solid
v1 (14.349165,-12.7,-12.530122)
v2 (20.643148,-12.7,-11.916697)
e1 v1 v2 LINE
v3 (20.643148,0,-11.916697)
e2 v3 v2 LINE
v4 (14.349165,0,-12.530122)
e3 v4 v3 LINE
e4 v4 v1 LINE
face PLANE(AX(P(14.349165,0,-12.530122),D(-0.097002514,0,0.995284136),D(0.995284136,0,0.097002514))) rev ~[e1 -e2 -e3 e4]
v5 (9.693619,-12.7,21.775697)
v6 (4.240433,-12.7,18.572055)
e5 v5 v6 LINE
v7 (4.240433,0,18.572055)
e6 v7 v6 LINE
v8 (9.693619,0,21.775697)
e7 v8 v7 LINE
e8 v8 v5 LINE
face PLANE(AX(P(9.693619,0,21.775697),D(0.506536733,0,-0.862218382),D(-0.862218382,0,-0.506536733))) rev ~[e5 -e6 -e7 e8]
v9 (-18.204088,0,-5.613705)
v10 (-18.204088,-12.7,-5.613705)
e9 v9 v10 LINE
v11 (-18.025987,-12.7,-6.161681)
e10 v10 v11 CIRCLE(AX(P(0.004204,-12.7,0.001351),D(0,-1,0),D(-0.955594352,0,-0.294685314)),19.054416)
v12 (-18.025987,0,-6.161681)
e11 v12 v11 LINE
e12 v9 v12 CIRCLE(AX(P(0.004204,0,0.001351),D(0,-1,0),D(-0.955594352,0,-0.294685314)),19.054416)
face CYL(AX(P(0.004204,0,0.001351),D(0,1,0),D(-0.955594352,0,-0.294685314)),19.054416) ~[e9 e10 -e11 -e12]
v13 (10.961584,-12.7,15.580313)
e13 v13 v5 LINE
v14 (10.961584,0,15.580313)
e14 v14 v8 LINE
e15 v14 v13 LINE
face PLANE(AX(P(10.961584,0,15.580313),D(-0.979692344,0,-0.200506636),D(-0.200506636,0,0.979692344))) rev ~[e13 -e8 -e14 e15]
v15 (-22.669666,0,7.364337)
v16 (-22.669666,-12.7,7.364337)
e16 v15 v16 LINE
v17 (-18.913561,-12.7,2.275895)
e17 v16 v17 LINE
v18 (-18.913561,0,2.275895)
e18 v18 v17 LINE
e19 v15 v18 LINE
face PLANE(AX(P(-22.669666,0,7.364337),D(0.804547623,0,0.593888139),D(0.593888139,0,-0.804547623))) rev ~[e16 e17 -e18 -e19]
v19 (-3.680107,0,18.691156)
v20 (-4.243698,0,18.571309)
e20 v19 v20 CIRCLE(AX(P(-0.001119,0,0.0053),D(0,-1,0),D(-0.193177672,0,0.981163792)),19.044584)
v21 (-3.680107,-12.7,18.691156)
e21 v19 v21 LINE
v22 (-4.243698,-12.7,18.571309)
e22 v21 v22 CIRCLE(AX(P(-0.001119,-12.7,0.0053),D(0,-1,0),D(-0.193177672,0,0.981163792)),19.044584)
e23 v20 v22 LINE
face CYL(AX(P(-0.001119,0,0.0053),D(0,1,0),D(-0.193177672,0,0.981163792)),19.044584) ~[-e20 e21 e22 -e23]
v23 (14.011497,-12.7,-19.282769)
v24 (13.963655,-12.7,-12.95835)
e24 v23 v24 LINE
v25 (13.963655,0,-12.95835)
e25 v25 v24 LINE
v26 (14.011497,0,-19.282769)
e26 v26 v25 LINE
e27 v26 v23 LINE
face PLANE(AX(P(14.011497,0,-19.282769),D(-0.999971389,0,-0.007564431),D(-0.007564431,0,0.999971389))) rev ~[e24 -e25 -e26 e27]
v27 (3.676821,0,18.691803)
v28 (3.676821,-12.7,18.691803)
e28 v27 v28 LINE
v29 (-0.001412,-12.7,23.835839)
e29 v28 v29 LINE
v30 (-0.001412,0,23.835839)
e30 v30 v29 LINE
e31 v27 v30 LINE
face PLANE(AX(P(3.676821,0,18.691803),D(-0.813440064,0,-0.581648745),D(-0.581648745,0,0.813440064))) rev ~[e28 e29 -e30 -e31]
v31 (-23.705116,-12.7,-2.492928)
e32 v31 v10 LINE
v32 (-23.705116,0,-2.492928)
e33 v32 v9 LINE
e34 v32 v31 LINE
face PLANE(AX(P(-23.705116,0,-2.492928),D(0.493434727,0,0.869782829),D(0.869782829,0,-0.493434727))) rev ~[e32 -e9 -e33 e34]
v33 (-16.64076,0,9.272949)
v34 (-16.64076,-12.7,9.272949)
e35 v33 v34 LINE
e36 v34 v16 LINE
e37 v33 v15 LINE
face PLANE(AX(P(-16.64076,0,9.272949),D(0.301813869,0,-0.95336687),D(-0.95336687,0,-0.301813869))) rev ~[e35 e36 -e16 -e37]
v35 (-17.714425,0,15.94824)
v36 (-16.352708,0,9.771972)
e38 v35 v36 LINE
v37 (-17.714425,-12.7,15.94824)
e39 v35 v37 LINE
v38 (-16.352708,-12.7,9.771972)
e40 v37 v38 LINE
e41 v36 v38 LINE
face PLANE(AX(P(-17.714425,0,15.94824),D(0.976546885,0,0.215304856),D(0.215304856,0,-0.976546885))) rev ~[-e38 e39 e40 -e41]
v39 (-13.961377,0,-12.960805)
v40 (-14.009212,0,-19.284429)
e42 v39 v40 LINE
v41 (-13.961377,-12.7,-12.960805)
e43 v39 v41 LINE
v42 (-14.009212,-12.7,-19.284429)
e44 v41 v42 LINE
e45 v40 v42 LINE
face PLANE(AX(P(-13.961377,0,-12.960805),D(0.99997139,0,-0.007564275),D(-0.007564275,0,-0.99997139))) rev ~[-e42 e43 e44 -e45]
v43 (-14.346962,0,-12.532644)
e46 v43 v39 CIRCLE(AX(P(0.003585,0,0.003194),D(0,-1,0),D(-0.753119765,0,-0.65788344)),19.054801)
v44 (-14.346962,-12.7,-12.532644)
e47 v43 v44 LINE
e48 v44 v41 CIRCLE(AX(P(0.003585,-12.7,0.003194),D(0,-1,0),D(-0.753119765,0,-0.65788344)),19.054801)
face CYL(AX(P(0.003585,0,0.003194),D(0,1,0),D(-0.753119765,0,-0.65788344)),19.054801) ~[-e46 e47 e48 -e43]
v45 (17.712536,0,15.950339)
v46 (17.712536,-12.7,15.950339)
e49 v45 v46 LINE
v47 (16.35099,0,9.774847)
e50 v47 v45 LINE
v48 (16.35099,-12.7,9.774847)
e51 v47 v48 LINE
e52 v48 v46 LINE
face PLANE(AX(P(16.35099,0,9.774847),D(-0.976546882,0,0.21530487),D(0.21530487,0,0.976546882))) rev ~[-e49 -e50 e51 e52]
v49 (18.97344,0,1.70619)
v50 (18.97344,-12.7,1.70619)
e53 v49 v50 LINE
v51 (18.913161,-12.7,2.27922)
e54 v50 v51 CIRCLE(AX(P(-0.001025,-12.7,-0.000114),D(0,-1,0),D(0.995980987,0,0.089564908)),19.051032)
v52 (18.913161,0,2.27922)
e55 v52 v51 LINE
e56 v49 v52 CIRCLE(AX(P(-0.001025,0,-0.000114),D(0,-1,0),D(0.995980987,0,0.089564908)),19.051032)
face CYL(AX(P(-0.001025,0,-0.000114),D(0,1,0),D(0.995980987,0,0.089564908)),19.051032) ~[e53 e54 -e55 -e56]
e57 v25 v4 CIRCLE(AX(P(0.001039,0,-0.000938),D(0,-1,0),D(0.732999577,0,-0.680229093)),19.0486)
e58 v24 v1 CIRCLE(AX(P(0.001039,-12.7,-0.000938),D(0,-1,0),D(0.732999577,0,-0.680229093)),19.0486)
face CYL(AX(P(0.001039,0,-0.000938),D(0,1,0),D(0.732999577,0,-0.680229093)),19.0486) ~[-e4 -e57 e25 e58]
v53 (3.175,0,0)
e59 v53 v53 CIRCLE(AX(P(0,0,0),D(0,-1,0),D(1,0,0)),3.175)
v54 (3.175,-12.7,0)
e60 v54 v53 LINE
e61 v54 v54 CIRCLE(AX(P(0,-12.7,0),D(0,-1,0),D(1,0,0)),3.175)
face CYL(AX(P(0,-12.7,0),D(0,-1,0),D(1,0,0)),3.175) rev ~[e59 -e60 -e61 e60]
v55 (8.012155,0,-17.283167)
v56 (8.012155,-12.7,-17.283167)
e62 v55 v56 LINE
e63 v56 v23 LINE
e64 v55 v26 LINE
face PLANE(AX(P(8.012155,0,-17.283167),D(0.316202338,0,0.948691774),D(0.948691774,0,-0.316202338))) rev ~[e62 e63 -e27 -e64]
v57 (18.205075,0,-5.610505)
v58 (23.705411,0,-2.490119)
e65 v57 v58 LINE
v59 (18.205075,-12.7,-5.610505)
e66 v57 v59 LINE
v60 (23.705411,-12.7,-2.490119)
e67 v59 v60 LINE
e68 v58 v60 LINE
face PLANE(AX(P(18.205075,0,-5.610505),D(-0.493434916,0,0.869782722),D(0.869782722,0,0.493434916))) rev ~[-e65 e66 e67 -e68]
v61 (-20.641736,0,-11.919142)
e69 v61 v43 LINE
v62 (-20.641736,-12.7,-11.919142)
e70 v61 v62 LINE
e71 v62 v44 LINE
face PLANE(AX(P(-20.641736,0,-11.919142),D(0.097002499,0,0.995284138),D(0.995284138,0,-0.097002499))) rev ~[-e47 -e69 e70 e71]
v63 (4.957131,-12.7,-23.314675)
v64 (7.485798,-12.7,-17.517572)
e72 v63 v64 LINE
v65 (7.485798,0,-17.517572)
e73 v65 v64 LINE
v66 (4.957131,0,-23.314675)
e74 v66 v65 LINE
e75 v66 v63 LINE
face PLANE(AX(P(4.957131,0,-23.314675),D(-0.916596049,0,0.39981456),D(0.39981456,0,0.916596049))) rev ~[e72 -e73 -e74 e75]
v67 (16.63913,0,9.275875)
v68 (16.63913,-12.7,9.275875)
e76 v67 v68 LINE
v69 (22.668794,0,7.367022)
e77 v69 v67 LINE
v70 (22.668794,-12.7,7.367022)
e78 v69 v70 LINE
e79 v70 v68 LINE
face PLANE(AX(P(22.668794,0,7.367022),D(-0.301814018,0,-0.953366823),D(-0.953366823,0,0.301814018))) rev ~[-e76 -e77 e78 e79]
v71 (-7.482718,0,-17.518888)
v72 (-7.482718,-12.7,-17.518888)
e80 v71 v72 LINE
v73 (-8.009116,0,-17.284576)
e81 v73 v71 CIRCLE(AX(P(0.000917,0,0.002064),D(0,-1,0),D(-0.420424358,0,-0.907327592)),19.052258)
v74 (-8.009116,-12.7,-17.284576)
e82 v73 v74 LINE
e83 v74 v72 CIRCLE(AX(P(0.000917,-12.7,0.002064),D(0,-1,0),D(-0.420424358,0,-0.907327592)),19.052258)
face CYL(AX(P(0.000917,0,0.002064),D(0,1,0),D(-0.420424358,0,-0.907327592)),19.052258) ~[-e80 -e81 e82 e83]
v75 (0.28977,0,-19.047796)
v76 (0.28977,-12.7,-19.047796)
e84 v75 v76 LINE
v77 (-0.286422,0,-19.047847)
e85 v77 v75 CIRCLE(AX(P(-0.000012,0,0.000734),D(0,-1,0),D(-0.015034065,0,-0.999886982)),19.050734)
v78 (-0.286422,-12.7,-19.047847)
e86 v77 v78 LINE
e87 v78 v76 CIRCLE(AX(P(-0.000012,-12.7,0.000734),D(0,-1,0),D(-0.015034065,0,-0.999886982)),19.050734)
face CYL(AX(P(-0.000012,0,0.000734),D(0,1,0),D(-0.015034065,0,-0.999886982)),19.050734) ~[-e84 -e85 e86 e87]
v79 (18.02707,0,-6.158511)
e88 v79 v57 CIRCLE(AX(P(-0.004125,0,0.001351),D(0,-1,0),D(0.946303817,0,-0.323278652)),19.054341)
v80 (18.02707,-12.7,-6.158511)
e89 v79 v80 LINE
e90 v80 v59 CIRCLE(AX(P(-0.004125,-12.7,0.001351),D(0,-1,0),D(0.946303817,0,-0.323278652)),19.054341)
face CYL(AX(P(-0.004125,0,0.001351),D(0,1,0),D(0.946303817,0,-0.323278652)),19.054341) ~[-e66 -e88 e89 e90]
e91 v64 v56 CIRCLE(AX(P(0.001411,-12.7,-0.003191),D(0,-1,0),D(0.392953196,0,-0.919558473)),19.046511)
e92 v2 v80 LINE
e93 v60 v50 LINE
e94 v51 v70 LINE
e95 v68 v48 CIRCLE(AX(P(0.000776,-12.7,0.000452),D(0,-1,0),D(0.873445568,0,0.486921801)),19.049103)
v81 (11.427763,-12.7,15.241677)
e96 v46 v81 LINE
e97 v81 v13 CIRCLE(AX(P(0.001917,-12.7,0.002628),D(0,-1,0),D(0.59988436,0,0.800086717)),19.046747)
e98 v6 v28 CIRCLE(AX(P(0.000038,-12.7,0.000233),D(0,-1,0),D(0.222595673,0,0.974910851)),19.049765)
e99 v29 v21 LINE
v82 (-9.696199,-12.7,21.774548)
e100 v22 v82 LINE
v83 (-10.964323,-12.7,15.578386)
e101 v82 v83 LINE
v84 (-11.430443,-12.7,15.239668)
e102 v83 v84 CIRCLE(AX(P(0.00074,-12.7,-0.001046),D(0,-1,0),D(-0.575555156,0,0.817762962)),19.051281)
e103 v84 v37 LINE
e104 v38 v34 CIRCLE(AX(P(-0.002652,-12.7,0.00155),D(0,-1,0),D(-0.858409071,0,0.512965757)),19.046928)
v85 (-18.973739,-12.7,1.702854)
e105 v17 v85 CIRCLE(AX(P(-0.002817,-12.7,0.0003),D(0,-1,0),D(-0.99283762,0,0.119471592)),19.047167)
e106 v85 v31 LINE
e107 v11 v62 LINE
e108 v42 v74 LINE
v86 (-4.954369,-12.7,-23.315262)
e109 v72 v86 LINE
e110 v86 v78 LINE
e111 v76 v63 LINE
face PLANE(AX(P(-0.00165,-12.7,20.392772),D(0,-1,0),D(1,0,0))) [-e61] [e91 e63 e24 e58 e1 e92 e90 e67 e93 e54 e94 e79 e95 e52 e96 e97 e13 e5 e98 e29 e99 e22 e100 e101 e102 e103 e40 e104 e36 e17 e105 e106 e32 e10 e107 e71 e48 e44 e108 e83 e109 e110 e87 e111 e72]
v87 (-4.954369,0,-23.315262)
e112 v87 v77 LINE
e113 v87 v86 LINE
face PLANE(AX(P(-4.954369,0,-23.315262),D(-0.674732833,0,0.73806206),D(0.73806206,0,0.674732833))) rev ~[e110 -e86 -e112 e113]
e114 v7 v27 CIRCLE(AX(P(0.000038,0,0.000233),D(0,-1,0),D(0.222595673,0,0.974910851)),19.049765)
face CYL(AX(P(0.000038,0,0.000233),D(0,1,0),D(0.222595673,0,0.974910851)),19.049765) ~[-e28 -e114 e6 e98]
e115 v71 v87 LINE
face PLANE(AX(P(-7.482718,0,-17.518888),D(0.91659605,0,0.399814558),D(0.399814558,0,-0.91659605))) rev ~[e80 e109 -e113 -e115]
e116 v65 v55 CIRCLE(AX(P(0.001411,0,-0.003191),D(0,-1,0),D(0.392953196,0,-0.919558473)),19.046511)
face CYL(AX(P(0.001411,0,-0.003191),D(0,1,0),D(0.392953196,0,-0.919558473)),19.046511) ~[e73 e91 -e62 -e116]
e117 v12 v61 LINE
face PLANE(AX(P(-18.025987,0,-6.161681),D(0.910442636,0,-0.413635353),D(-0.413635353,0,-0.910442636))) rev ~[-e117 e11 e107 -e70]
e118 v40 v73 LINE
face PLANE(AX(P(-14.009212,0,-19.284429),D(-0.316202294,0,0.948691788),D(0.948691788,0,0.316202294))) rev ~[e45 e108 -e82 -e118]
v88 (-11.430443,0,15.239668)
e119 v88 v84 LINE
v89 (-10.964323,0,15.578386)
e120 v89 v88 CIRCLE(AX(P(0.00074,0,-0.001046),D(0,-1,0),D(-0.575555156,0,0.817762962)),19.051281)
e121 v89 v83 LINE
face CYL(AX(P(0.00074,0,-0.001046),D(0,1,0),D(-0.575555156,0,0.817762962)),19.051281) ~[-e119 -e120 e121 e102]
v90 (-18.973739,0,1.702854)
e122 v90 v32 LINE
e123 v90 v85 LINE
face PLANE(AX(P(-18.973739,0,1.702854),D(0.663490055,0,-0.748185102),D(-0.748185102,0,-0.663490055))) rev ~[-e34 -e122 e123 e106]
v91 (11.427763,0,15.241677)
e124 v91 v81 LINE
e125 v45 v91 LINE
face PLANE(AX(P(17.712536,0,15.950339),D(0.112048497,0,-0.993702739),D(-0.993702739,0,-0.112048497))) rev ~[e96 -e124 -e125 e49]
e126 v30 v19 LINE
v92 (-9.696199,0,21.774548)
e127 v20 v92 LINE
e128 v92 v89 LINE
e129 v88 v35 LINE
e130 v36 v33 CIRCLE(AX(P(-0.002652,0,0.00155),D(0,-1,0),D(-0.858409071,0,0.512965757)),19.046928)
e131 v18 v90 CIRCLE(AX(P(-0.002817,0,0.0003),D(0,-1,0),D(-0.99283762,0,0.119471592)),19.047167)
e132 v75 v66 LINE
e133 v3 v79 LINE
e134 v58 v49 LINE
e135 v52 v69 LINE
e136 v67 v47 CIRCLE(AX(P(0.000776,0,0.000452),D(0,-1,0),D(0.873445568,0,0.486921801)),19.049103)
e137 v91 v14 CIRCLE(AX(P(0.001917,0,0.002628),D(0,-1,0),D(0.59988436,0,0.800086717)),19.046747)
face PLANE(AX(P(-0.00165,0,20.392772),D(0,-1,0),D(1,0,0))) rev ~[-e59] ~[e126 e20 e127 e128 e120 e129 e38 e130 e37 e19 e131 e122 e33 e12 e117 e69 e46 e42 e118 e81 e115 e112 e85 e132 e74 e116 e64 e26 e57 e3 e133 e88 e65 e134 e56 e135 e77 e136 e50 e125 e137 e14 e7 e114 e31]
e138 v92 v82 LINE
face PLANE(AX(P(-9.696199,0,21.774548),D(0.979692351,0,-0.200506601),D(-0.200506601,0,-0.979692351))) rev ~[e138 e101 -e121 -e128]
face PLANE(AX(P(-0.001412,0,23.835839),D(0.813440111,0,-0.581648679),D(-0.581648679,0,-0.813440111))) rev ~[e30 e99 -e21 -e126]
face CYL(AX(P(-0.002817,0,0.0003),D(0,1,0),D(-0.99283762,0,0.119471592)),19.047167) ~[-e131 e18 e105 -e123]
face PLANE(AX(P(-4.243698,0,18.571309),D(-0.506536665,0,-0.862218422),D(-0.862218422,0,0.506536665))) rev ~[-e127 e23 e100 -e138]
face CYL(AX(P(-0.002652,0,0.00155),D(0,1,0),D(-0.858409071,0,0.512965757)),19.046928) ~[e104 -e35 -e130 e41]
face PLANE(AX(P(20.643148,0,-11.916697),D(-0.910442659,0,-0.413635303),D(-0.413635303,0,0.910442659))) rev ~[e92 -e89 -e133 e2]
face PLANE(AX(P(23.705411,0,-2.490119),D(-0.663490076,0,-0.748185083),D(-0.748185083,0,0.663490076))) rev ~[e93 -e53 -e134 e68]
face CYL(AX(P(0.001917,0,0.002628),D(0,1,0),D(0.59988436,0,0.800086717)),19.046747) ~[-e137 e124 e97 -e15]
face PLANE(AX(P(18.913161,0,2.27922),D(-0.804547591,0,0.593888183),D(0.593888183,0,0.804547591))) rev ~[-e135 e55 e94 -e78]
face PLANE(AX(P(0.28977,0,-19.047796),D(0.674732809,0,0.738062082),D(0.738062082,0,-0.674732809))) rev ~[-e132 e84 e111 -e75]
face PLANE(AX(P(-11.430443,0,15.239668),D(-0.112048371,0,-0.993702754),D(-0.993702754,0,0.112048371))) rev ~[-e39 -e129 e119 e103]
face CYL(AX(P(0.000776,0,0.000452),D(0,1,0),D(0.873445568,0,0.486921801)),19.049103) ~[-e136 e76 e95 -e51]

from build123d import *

# Parameters (mm, degrees)
F1_DEPTH = 12.7
F2_R     = 3.175
F3_DEPTH = 12.7


with BuildPart() as f1:
    # F0 (on Front) → F1 (new body)
    with BuildSketch(Plane.XZ):
        with BuildLine():
            ThreePointArc((-3.680107, 18.691156), (-0.001675, 19.05), (3.676821, 18.691803))
            Line((3.676821, 18.691803), (-0.001412, 23.835839))
            Line((-0.001412, 23.835839), (-3.680107, 18.691156))
        make_face()
        with BuildLine():
            ThreePointArc((-10.964323, 15.578386), (-7.749863, 17.40236), (-4.243698, 18.571309))
            Line((-4.243698, 18.571309), (-9.696199, 21.774548))
            Line((-9.696199, 21.774548), (-10.964323, 15.578386))
        make_face()
        with BuildLine():
            ThreePointArc((-16.352708, 9.771972), (-14.158029, 12.745694), (-11.430443, 15.239668))
            Line((-11.430443, 15.239668), (-17.714425, 15.94824))
            Line((-17.714425, 15.94824), (-16.352708, 9.771972))
        make_face()
        with BuildLine():
            ThreePointArc((-18.913561, 2.275895), (-18.118144, 5.885181), (-16.64076, 9.272949))
            Line((-16.64076, 9.272949), (-22.669666, 7.364337))
            Line((-22.669666, 7.364337), (-18.913561, 2.275895))
        make_face()
        with BuildLine():
            ThreePointArc((4.240433, 18.572055), (7.746803, 17.403722), (10.961584, 15.580313))
            Line((10.961584, 15.580313), (9.693619, 21.775697))
            Line((9.693619, 21.775697), (4.240433, 18.572055))
        make_face()
        with BuildLine():
            ThreePointArc((11.427763, 15.241677), (14.155788, 12.748182), (16.35099, 9.774847))
            Line((16.35099, 9.774847), (17.712536, 15.950339))
            Line((17.712536, 15.950339), (11.427763, 15.241677))
        make_face()
        with BuildLine():
            ThreePointArc((16.63913, 9.275875), (18.117109, 5.888366), (18.913161, 2.27922))
            Line((18.913161, 2.27922), (22.668794, 7.367022))
            Line((22.668794, 7.367022), (16.63913, 9.275875))
        make_face()
        with BuildLine():
            ThreePointArc((18.97344, 1.70619), (19.03085, 0.853953), (19.05, 0))
            ThreePointArc((19.05, 0), (18.837584, -2.836885), (18.205075, -5.610505))
            Line((18.205075, -5.610505), (23.705411, -2.490119))
            Line((23.705411, -2.490119), (18.97344, 1.70619))
        make_face()
        with BuildLine():
            Line((20.643148, -11.916697), (18.02707, -6.158511))
            ThreePointArc((18.02707, -6.158511), (16.498621, -9.52355), (14.349165, -12.530122))
            Line((14.349165, -12.530122), (20.643148, -11.916697))
        make_face()
        with BuildLine():
            Line((14.011497, -19.282769), (13.963655, -12.95835))
            ThreePointArc((13.963655, -12.95835), (11.198664, -15.410789), (8.012155, -17.283167))
            Line((8.012155, -17.283167), (14.011497, -19.282769))
        make_face()
        with BuildLine():
            ThreePointArc((18.205075, -5.610505), (18.837584, -2.836885), (19.05, 0))
            ThreePointArc((19.05, 0), (19.03085, 0.853953), (18.97344, 1.70619))
            ThreePointArc((18.97344, 1.70619), (18.945467, 1.992933), (18.913161, 2.27922))
            ThreePointArc((18.913161, 2.27922), (18.117109, 5.888366), (16.63913, 9.275875))
            ThreePointArc((16.63913, 9.275875), (16.496947, 9.52645), (16.35099, 9.774847))
            ThreePointArc((16.35099, 9.774847), (14.155788, 12.748182), (11.427763, 15.241677))
            ThreePointArc((11.427763, 15.241677), (11.195954, 15.412758), (10.961584, 15.580313))
            ThreePointArc((10.961584, 15.580313), (7.746803, 17.403722), (4.240433, 18.572055))
            ThreePointArc((4.240433, 18.572055), (3.95908, 18.63406), (3.676821, 18.691803))
            ThreePointArc((3.676821, 18.691803), (-0.001675, 19.05), (-3.680107, 18.691156))
            ThreePointArc((-3.680107, 18.691156), (-3.962356, 18.633364), (-4.243698, 18.571309))
            ThreePointArc((-4.243698, 18.571309), (-7.749863, 17.40236), (-10.964323, 15.578386))
            ThreePointArc((-10.964323, 15.578386), (-11.198664, 15.410789), (-11.430443, 15.239668))
            ThreePointArc((-11.430443, 15.239668), (-14.158029, 12.745694), (-16.352708, 9.771972))
            ThreePointArc((-16.352708, 9.771972), (-16.498621, 9.52355), (-16.64076, 9.272949))
            ThreePointArc((-16.64076, 9.272949), (-18.118144, 5.885181), (-18.913561, 2.275895))
            ThreePointArc((-18.913561, 2.275895), (-18.945817, 1.989602), (-18.973739, 1.702854))
            ThreePointArc((-18.973739, 1.702854), (-18.945467, -1.992933), (-18.204088, -5.613705))
            ThreePointArc((-18.204088, -5.613705), (-18.117109, -5.888366), (-18.025987, -6.161681))
            ThreePointArc((-18.025987, -6.161681), (-16.496947, -9.52645), (-14.346962, -12.532644))
            ThreePointArc((-14.346962, -12.532644), (-14.155788, -12.748182), (-13.961377, -12.960805))
            ThreePointArc((-13.961377, -12.960805), (-11.195954, -15.412758), (-8.009116, -17.284576))
            ThreePointArc((-8.009116, -17.284576), (-7.746803, -17.403722), (-7.482718, -17.518888))
            ThreePointArc((-7.482718, -17.518888), (-3.95908, -18.63406), (-0.286422, -19.047847))
            ThreePointArc((-0.286422, -19.047847), (0.001675, -19.05), (0.28977, -19.047796))
            ThreePointArc((0.28977, -19.047796), (3.962356, -18.633364), (7.485798, -17.517572))
            ThreePointArc((7.485798, -17.517572), (7.749863, -17.40236), (8.012155, -17.283167))
            ThreePointArc((8.012155, -17.283167), (11.198664, -15.410789), (13.963655, -12.95835))
            ThreePointArc((13.963655, -12.95835), (14.158029, -12.745694), (14.349165, -12.530122))
            ThreePointArc((14.349165, -12.530122), (16.498621, -9.52355), (18.02707, -6.158511))
            ThreePointArc((18.02707, -6.158511), (18.118144, -5.885181), (18.205075, -5.610505))
        make_face()
        with BuildLine():
            Line((4.957131, -23.314675), (7.485798, -17.517572))
            ThreePointArc((7.485798, -17.517572), (3.962356, -18.633364), (0.28977, -19.047796))
            Line((0.28977, -19.047796), (4.957131, -23.314675))
        make_face()
        with BuildLine():
            Line((-4.954369, -23.315262), (-0.286422, -19.047847))
            ThreePointArc((-0.286422, -19.047847), (-3.95908, -18.63406), (-7.482718, -17.518888))
            Line((-7.482718, -17.518888), (-4.954369, -23.315262))
        make_face()
        with BuildLine():
            Line((-14.009212, -19.284429), (-8.009116, -17.284576))
            ThreePointArc((-8.009116, -17.284576), (-11.195954, -15.412758), (-13.961377, -12.960805))
            Line((-13.961377, -12.960805), (-14.009212, -19.284429))
        make_face()
        with BuildLine():
            Line((-20.641736, -11.919142), (-14.346962, -12.532644))
            ThreePointArc((-14.346962, -12.532644), (-16.496947, -9.52645), (-18.025987, -6.161681))
            Line((-18.025987, -6.161681), (-20.641736, -11.919142))
        make_face()
        with BuildLine():
            Line((-23.705116, -2.492928), (-18.204088, -5.613705))
            ThreePointArc((-18.204088, -5.613705), (-18.945467, -1.992933), (-18.973739, 1.702854))
            Line((-18.973739, 1.702854), (-23.705116, -2.492928))
        make_face()
    extrude(amount=F1_DEPTH)

    # F2 (on face) → F3 (cut)
    with BuildSketch(Plane.XZ.offset(12.7)):
        Circle(F2_R)
    extrude(amount=-F3_DEPTH, mode=Mode.SUBTRACT)


solid = f1.part
